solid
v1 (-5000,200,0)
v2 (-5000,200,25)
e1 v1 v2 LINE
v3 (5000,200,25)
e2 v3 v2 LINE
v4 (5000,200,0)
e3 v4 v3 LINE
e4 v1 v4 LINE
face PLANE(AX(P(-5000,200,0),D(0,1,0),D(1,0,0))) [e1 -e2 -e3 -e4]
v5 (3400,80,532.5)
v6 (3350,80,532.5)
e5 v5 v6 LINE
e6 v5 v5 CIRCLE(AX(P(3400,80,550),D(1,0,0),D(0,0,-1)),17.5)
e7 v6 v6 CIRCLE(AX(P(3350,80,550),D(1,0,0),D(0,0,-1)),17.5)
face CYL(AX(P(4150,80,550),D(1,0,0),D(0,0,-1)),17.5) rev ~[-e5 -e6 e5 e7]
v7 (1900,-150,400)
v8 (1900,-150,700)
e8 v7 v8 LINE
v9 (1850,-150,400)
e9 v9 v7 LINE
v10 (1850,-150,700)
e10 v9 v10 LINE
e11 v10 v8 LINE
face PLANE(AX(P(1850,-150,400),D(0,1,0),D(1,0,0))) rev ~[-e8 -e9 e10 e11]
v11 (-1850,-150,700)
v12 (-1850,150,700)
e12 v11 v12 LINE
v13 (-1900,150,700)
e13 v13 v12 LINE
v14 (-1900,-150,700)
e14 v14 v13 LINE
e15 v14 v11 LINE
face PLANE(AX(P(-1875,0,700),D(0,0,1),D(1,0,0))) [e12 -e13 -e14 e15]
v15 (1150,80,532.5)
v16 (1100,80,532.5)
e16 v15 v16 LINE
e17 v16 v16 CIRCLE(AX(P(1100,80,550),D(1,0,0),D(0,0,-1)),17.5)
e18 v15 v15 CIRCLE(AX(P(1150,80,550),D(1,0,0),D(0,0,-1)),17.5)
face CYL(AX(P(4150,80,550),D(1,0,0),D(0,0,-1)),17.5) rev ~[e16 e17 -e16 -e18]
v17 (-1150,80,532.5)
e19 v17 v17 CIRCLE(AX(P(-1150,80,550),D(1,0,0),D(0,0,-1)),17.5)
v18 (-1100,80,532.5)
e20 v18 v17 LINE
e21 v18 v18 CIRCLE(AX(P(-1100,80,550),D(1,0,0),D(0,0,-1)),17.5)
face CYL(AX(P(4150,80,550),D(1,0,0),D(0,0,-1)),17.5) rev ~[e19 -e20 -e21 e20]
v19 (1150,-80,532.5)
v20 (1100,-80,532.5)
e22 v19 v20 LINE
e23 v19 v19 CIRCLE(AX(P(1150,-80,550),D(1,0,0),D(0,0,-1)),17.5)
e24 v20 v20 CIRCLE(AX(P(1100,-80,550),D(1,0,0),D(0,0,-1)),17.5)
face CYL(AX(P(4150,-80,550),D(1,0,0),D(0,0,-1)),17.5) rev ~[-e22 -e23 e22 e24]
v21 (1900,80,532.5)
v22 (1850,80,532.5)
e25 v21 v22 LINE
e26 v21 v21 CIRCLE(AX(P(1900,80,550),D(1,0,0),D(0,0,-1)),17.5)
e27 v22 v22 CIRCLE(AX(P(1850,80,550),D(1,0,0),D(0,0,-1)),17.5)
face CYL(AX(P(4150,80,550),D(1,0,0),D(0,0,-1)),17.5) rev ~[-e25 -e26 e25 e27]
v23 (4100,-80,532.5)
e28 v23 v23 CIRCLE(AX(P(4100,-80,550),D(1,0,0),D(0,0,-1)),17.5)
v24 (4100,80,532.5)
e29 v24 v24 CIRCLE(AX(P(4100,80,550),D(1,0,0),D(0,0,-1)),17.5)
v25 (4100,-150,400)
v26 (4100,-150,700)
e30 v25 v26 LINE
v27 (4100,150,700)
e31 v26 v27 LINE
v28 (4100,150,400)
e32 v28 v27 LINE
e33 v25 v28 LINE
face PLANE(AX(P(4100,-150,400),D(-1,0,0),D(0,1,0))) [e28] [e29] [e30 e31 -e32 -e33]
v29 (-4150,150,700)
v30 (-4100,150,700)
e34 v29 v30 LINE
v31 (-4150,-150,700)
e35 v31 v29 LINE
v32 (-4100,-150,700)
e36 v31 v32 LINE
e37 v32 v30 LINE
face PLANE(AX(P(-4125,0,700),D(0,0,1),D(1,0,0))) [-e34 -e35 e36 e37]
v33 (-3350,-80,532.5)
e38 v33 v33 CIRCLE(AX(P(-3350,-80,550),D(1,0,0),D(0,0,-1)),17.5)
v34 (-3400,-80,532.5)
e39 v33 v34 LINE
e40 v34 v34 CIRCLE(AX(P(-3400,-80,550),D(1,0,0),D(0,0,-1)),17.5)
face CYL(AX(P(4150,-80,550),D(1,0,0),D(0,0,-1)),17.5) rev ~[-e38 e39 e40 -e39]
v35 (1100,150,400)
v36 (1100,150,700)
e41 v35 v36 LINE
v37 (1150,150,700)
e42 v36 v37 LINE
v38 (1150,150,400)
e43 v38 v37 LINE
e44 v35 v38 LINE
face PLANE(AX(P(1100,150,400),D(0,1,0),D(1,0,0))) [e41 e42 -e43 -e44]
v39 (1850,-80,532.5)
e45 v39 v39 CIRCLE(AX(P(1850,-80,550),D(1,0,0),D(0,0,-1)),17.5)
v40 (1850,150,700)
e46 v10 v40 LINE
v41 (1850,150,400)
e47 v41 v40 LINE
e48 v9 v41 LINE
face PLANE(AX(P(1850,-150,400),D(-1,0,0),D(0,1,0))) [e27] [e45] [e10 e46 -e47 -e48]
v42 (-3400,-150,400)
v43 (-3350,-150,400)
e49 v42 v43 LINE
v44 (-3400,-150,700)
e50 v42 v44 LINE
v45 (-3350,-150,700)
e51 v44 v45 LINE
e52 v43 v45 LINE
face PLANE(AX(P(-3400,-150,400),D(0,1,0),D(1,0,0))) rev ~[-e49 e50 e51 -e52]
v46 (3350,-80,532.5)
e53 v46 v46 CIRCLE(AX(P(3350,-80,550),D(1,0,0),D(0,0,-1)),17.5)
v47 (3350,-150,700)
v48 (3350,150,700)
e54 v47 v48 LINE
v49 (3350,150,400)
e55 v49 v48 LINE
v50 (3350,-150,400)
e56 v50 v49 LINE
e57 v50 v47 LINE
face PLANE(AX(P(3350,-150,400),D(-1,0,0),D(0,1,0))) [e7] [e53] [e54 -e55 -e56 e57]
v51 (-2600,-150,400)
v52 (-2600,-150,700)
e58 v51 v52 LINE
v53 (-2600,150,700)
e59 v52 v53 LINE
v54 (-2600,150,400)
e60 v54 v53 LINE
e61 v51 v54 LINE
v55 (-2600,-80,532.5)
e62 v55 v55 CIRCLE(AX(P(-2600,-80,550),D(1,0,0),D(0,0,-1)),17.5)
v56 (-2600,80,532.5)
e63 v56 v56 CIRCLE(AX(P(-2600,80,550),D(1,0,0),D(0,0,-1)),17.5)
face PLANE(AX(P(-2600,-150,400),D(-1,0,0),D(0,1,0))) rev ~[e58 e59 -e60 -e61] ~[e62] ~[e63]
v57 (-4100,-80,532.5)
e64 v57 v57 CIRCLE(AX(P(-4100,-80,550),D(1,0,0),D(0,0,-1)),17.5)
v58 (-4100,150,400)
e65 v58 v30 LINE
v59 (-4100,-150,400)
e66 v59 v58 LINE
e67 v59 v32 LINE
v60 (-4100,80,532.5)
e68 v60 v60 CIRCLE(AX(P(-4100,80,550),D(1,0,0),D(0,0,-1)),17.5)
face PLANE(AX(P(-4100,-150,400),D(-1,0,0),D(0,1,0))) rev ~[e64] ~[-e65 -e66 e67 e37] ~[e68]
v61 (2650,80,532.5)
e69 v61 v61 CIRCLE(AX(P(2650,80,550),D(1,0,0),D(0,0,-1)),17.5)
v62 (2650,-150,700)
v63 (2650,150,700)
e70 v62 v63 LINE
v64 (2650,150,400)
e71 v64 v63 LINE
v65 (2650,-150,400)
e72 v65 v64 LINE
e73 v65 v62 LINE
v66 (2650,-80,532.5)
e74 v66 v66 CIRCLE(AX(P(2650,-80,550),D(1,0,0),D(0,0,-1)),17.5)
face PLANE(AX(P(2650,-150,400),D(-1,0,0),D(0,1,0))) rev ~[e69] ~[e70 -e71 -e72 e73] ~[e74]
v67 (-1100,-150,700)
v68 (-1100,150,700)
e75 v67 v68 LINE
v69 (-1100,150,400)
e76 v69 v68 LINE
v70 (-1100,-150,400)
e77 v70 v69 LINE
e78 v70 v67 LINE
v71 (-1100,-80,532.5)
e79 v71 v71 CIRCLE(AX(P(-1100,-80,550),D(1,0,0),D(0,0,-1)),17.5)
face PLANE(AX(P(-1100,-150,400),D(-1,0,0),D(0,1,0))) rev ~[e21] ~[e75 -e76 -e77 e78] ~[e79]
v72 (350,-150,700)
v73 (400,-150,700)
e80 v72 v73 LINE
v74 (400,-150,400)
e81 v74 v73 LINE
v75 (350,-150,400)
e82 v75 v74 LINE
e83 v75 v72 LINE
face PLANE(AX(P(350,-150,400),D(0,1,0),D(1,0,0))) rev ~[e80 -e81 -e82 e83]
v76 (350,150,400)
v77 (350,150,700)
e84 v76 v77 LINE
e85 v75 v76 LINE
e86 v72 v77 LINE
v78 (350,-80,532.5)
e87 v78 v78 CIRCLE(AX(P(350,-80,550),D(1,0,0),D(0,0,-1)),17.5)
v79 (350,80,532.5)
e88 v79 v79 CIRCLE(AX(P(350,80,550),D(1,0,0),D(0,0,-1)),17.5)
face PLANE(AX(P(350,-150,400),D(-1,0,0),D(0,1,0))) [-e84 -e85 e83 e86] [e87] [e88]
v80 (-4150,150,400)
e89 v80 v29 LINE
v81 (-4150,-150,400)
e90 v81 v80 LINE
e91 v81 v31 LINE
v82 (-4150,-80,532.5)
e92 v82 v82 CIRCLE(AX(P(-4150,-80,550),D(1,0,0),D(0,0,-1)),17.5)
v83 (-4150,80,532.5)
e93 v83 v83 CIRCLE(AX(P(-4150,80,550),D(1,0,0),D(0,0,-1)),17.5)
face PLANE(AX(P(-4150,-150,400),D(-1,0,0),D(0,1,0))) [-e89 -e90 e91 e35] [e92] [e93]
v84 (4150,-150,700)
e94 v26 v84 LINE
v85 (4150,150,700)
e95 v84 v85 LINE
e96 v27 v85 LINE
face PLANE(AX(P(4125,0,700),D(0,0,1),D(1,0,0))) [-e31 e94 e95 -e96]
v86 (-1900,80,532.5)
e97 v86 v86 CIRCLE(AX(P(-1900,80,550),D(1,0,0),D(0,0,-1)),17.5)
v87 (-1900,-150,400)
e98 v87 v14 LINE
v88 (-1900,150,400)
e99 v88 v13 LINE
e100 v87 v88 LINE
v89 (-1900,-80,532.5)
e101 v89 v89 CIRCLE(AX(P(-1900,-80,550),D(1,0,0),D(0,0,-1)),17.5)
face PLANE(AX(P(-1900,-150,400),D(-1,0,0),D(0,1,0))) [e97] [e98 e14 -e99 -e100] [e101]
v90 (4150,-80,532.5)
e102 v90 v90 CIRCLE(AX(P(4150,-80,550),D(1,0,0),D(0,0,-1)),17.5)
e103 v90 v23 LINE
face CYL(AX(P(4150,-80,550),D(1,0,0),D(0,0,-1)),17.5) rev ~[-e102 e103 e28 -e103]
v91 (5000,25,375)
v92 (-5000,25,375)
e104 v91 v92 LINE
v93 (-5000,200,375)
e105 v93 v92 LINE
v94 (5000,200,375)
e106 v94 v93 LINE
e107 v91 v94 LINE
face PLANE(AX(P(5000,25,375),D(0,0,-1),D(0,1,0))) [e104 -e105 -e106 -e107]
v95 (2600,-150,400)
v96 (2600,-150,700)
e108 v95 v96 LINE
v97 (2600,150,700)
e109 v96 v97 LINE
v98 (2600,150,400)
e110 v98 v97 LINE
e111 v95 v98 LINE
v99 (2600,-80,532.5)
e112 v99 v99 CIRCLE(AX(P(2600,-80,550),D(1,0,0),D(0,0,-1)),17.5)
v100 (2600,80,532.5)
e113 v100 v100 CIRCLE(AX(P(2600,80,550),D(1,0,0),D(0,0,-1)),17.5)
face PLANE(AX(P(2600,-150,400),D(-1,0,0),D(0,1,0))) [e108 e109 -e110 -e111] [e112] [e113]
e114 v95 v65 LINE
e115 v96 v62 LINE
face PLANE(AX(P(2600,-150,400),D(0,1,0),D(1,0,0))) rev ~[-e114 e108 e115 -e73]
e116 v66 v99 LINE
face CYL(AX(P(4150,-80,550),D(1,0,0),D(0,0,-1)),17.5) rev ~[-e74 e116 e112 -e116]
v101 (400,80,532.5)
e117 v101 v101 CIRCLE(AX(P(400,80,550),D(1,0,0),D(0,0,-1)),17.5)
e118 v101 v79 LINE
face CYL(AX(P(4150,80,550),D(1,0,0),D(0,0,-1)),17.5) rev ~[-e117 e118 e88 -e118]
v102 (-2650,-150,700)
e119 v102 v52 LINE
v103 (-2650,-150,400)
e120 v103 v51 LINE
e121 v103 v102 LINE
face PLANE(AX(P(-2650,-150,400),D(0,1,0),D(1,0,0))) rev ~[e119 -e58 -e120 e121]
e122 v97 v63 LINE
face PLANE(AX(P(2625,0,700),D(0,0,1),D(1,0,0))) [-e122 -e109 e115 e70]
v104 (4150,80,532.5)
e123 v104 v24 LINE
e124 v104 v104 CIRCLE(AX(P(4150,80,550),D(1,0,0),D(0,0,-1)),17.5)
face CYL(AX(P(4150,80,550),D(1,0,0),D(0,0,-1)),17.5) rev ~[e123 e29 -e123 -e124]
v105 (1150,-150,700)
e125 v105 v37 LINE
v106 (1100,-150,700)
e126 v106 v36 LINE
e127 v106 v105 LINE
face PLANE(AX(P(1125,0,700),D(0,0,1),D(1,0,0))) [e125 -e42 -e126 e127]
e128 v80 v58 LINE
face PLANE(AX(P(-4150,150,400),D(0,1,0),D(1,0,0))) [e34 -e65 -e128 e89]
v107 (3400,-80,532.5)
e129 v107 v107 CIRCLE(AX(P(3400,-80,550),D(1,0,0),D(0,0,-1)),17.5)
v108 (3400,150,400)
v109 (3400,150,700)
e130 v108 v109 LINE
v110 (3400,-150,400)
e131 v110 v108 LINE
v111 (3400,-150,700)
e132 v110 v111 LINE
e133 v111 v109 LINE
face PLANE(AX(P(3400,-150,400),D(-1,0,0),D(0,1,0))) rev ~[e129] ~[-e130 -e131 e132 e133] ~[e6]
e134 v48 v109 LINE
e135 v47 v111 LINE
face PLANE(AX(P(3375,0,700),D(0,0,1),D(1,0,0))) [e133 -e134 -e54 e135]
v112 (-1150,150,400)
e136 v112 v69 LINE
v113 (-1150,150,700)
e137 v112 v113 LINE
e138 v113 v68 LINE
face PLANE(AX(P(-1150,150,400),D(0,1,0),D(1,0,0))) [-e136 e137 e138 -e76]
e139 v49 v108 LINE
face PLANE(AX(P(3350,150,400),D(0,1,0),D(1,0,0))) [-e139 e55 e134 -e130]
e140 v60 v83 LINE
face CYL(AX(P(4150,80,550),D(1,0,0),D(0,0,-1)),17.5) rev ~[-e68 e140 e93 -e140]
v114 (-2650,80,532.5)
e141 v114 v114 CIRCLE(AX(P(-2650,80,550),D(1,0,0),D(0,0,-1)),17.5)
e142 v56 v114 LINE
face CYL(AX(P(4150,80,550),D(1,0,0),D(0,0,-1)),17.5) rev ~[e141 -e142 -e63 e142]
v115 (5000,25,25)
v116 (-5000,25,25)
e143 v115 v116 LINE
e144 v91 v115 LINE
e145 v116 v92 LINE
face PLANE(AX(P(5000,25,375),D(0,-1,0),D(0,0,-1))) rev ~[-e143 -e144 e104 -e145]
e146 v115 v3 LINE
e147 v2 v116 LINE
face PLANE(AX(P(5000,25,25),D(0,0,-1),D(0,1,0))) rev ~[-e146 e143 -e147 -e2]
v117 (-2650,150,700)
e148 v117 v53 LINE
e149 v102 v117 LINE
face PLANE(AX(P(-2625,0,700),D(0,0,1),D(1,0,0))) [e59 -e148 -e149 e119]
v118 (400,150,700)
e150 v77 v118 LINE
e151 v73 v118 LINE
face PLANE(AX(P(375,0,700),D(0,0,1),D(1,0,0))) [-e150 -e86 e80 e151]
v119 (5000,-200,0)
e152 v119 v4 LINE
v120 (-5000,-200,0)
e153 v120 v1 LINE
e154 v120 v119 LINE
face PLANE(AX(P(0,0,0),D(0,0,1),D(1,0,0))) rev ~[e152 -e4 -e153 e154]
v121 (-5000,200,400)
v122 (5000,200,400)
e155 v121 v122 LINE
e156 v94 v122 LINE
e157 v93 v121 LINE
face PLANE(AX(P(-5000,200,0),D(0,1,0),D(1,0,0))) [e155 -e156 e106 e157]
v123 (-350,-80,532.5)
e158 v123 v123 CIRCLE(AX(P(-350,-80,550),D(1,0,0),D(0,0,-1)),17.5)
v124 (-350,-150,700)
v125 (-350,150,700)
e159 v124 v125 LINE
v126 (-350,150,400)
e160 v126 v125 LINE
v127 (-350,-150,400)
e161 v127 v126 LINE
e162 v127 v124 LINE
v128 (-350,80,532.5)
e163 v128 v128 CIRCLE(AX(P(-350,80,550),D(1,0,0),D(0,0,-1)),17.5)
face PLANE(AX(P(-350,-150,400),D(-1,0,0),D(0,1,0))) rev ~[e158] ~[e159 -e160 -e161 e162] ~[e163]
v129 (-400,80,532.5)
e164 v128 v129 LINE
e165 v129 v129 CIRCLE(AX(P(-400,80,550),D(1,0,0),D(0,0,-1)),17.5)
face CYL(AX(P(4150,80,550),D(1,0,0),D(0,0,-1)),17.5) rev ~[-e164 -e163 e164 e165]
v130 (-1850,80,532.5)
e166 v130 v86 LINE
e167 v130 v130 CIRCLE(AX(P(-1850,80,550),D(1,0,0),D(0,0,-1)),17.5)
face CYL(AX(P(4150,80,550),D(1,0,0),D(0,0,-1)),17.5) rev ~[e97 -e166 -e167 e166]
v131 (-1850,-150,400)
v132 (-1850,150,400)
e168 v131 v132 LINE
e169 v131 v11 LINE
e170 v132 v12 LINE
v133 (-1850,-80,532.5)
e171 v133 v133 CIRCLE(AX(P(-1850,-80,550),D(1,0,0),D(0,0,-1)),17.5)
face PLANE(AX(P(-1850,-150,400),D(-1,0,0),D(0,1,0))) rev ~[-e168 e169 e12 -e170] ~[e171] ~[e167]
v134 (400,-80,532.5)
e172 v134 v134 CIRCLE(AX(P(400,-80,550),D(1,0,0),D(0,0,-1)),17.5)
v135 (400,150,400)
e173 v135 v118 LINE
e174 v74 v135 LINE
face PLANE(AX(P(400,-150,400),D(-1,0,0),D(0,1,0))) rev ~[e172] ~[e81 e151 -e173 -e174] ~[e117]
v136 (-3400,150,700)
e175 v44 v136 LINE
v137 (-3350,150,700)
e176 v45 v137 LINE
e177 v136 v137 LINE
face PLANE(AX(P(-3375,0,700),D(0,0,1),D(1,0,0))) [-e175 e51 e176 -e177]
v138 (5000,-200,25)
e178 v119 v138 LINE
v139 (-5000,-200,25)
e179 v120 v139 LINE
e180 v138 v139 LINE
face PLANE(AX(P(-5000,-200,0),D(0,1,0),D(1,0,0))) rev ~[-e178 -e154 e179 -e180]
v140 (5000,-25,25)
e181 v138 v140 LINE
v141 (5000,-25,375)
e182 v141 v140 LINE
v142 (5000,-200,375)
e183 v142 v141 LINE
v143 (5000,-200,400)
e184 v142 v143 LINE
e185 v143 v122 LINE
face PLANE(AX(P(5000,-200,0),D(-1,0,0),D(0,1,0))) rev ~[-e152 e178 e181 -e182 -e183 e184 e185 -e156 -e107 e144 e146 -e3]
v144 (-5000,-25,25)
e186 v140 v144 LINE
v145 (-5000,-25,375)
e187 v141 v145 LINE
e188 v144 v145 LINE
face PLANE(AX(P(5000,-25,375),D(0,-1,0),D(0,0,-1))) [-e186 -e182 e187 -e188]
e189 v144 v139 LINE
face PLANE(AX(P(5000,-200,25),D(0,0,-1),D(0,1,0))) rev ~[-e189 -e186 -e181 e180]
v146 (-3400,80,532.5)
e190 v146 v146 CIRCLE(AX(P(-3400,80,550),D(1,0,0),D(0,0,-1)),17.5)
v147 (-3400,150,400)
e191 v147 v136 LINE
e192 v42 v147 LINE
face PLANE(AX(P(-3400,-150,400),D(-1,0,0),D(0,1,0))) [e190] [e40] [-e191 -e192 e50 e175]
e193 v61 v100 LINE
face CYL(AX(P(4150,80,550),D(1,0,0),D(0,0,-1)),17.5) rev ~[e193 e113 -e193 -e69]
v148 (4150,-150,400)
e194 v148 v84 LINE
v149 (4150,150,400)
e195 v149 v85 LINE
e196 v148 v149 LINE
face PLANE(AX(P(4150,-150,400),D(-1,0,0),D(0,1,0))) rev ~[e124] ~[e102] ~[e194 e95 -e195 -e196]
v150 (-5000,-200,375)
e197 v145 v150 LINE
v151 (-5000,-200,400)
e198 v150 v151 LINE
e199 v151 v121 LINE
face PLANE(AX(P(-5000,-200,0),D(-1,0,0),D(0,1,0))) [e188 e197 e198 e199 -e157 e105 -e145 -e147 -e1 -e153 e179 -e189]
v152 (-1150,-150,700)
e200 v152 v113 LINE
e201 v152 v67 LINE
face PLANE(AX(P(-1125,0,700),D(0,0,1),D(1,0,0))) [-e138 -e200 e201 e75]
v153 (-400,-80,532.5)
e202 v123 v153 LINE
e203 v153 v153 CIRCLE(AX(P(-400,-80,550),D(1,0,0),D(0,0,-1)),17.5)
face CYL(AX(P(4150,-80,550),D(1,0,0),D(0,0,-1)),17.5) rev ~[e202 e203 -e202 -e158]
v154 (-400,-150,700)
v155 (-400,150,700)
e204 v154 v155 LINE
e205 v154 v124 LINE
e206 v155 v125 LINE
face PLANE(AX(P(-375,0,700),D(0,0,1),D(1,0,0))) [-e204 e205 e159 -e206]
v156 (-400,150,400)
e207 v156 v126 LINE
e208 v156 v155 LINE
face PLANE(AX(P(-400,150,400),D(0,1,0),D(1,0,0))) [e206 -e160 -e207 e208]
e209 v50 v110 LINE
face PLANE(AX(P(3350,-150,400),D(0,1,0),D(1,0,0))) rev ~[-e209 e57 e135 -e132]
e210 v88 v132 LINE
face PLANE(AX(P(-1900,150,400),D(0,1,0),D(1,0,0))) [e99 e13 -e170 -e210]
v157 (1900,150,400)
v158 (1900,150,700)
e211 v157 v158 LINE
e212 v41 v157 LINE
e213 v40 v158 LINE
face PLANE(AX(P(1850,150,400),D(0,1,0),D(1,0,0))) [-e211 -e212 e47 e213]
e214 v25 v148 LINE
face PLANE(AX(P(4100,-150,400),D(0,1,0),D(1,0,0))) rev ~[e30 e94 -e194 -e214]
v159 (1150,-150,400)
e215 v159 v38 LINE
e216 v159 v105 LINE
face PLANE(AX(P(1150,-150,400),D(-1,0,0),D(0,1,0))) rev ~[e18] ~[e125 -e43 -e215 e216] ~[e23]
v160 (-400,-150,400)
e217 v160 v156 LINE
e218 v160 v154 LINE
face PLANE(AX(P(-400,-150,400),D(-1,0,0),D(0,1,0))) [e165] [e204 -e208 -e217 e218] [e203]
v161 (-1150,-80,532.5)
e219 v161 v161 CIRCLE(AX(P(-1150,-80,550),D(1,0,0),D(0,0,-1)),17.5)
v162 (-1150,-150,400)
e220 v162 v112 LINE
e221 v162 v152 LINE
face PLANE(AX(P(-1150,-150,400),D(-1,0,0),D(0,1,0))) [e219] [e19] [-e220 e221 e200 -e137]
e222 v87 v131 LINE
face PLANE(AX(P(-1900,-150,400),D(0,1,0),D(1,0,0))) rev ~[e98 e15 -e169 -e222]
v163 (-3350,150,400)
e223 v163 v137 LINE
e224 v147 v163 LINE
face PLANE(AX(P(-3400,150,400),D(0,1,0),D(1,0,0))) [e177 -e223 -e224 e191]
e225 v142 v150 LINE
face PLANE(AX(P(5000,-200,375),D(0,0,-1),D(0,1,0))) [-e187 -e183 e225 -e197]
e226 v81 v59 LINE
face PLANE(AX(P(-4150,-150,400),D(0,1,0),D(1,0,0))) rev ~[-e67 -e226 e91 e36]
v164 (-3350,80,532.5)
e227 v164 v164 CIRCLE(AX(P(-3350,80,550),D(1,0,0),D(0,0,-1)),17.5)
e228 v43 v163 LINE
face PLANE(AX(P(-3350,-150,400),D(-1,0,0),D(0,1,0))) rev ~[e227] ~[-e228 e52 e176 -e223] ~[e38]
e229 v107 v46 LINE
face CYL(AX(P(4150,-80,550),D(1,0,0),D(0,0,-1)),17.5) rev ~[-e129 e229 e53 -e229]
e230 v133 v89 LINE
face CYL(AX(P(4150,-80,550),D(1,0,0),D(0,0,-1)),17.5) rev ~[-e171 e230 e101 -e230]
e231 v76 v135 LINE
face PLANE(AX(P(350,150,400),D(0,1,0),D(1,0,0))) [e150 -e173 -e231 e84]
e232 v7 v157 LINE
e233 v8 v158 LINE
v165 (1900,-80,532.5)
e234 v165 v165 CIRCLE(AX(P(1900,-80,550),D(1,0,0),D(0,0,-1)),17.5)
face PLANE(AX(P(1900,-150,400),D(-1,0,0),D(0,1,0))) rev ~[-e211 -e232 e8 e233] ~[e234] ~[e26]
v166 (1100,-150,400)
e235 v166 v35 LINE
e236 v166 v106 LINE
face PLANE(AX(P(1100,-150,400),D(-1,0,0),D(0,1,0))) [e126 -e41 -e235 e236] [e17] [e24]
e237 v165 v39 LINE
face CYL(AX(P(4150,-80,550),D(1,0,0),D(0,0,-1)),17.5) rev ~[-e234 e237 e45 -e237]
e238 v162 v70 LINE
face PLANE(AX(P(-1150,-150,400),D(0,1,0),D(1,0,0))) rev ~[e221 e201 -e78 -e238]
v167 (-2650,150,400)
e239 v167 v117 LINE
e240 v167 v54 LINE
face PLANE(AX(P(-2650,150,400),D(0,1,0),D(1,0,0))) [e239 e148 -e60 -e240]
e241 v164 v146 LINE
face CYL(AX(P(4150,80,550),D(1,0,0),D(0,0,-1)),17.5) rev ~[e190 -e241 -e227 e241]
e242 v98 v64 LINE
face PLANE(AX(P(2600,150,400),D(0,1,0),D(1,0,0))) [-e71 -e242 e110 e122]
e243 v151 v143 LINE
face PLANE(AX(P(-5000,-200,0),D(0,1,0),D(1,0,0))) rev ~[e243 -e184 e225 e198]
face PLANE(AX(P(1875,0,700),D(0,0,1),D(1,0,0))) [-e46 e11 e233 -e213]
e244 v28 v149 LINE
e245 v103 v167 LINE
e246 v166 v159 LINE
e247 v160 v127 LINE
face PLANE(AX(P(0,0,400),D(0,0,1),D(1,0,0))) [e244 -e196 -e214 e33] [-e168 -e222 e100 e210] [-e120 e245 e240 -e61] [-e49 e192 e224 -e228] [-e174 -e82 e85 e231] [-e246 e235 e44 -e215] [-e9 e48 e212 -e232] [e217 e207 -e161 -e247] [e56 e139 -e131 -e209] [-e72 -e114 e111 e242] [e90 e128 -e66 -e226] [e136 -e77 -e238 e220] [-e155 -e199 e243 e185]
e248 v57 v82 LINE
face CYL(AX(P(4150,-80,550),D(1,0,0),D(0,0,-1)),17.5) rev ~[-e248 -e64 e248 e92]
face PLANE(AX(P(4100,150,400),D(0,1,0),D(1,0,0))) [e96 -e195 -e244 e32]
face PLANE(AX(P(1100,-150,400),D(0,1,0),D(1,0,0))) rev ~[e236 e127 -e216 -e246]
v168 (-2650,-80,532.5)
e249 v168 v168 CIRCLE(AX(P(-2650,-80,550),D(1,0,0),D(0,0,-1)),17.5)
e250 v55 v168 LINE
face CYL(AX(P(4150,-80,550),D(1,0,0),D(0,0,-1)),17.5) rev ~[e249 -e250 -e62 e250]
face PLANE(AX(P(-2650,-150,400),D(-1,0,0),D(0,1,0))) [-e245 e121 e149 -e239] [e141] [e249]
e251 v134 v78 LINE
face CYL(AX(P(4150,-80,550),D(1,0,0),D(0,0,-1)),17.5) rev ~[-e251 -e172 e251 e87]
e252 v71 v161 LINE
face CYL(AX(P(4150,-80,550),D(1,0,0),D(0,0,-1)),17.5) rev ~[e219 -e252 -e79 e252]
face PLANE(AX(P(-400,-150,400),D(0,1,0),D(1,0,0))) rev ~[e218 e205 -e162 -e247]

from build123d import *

# Parameters (mm, degrees)
SKETCH1_W           = 10000
SKETCH1_H           = 400
BOSS_EXTRUDE1_DEPTH = 400
SKETCH2_W           = 350
SKETCH2_H           = 175
CUT_EXTRUDE1_DEPTH  = 10100
SKETCH3_W           = 50
SKETCH3_H           = 300
BOSS_EXTRUDE2_DEPTH = 300
SKETCH4_R           = 17.5
CUT_EXTRUDE2_DEPTH  = 8530


with BuildPart() as part:
    # Sketch1 → Boss-Extrude1 (new body)
    with BuildSketch(Plane.XY):
        Rectangle(SKETCH1_W, SKETCH1_H)
    extrude(amount=BOSS_EXTRUDE1_DEPTH)

    # Sketch2 → Cut-Extrude1 (cut)
    with BuildSketch(Plane(origin=(5000, 0, 0), x_dir=(0, 0, -1), z_dir=(1, 0, 0))):
        with Locations((-200, 112.5)):
            Rectangle(SKETCH2_W, SKETCH2_H)
        with Locations((-200, -112.5)):
            Rectangle(SKETCH2_W, SKETCH2_H)
    extrude(amount=-CUT_EXTRUDE1_DEPTH, mode=Mode.SUBTRACT)

    # Sketch3 → Boss-Extrude2 (add)
    with BuildSketch(Plane.XY.offset(400)):
        with Locations((-3375, 0)):
            Rectangle(SKETCH3_W, SKETCH3_H)
        with Locations((-4125, 0)):
            Rectangle(SKETCH3_W, SKETCH3_H)
        with Locations((-2625, 0)):
            Rectangle(SKETCH3_W, SKETCH3_H)
        with Locations((-1875, 0)):
            Rectangle(SKETCH3_W, SKETCH3_H)
        with Locations((-1125, 0)):
            Rectangle(SKETCH3_W, SKETCH3_H)
        with Locations((-375, 0)):
            Rectangle(SKETCH3_W, SKETCH3_H)
        with Locations((375, 0)):
            Rectangle(SKETCH3_W, SKETCH3_H)
        with Locations((1125, 0)):
            Rectangle(SKETCH3_W, SKETCH3_H)
        with Locations((1875, 0)):
            Rectangle(SKETCH3_W, SKETCH3_H)
        with Locations((2625, 0)):
            Rectangle(SKETCH3_W, SKETCH3_H)
        with Locations((3375, 0)):
            Rectangle(SKETCH3_W, SKETCH3_H)
        with Locations((4125, 0)):
            Rectangle(SKETCH3_W, SKETCH3_H)
    extrude(amount=BOSS_EXTRUDE2_DEPTH)

    # Sketch4 → Cut-Extrude2 (cut)
    with BuildSketch(Plane(origin=(4150, 0, 0), x_dir=(0, 0, -1), z_dir=(1, 0, 0))):
        with Locations((-550, 80)):
            Circle(SKETCH4_R)
        with Locations((-550, -80)):
            Circle(SKETCH4_R)
    extrude(amount=-CUT_EXTRUDE2_DEPTH, mode=Mode.SUBTRACT)


solid = part.part
